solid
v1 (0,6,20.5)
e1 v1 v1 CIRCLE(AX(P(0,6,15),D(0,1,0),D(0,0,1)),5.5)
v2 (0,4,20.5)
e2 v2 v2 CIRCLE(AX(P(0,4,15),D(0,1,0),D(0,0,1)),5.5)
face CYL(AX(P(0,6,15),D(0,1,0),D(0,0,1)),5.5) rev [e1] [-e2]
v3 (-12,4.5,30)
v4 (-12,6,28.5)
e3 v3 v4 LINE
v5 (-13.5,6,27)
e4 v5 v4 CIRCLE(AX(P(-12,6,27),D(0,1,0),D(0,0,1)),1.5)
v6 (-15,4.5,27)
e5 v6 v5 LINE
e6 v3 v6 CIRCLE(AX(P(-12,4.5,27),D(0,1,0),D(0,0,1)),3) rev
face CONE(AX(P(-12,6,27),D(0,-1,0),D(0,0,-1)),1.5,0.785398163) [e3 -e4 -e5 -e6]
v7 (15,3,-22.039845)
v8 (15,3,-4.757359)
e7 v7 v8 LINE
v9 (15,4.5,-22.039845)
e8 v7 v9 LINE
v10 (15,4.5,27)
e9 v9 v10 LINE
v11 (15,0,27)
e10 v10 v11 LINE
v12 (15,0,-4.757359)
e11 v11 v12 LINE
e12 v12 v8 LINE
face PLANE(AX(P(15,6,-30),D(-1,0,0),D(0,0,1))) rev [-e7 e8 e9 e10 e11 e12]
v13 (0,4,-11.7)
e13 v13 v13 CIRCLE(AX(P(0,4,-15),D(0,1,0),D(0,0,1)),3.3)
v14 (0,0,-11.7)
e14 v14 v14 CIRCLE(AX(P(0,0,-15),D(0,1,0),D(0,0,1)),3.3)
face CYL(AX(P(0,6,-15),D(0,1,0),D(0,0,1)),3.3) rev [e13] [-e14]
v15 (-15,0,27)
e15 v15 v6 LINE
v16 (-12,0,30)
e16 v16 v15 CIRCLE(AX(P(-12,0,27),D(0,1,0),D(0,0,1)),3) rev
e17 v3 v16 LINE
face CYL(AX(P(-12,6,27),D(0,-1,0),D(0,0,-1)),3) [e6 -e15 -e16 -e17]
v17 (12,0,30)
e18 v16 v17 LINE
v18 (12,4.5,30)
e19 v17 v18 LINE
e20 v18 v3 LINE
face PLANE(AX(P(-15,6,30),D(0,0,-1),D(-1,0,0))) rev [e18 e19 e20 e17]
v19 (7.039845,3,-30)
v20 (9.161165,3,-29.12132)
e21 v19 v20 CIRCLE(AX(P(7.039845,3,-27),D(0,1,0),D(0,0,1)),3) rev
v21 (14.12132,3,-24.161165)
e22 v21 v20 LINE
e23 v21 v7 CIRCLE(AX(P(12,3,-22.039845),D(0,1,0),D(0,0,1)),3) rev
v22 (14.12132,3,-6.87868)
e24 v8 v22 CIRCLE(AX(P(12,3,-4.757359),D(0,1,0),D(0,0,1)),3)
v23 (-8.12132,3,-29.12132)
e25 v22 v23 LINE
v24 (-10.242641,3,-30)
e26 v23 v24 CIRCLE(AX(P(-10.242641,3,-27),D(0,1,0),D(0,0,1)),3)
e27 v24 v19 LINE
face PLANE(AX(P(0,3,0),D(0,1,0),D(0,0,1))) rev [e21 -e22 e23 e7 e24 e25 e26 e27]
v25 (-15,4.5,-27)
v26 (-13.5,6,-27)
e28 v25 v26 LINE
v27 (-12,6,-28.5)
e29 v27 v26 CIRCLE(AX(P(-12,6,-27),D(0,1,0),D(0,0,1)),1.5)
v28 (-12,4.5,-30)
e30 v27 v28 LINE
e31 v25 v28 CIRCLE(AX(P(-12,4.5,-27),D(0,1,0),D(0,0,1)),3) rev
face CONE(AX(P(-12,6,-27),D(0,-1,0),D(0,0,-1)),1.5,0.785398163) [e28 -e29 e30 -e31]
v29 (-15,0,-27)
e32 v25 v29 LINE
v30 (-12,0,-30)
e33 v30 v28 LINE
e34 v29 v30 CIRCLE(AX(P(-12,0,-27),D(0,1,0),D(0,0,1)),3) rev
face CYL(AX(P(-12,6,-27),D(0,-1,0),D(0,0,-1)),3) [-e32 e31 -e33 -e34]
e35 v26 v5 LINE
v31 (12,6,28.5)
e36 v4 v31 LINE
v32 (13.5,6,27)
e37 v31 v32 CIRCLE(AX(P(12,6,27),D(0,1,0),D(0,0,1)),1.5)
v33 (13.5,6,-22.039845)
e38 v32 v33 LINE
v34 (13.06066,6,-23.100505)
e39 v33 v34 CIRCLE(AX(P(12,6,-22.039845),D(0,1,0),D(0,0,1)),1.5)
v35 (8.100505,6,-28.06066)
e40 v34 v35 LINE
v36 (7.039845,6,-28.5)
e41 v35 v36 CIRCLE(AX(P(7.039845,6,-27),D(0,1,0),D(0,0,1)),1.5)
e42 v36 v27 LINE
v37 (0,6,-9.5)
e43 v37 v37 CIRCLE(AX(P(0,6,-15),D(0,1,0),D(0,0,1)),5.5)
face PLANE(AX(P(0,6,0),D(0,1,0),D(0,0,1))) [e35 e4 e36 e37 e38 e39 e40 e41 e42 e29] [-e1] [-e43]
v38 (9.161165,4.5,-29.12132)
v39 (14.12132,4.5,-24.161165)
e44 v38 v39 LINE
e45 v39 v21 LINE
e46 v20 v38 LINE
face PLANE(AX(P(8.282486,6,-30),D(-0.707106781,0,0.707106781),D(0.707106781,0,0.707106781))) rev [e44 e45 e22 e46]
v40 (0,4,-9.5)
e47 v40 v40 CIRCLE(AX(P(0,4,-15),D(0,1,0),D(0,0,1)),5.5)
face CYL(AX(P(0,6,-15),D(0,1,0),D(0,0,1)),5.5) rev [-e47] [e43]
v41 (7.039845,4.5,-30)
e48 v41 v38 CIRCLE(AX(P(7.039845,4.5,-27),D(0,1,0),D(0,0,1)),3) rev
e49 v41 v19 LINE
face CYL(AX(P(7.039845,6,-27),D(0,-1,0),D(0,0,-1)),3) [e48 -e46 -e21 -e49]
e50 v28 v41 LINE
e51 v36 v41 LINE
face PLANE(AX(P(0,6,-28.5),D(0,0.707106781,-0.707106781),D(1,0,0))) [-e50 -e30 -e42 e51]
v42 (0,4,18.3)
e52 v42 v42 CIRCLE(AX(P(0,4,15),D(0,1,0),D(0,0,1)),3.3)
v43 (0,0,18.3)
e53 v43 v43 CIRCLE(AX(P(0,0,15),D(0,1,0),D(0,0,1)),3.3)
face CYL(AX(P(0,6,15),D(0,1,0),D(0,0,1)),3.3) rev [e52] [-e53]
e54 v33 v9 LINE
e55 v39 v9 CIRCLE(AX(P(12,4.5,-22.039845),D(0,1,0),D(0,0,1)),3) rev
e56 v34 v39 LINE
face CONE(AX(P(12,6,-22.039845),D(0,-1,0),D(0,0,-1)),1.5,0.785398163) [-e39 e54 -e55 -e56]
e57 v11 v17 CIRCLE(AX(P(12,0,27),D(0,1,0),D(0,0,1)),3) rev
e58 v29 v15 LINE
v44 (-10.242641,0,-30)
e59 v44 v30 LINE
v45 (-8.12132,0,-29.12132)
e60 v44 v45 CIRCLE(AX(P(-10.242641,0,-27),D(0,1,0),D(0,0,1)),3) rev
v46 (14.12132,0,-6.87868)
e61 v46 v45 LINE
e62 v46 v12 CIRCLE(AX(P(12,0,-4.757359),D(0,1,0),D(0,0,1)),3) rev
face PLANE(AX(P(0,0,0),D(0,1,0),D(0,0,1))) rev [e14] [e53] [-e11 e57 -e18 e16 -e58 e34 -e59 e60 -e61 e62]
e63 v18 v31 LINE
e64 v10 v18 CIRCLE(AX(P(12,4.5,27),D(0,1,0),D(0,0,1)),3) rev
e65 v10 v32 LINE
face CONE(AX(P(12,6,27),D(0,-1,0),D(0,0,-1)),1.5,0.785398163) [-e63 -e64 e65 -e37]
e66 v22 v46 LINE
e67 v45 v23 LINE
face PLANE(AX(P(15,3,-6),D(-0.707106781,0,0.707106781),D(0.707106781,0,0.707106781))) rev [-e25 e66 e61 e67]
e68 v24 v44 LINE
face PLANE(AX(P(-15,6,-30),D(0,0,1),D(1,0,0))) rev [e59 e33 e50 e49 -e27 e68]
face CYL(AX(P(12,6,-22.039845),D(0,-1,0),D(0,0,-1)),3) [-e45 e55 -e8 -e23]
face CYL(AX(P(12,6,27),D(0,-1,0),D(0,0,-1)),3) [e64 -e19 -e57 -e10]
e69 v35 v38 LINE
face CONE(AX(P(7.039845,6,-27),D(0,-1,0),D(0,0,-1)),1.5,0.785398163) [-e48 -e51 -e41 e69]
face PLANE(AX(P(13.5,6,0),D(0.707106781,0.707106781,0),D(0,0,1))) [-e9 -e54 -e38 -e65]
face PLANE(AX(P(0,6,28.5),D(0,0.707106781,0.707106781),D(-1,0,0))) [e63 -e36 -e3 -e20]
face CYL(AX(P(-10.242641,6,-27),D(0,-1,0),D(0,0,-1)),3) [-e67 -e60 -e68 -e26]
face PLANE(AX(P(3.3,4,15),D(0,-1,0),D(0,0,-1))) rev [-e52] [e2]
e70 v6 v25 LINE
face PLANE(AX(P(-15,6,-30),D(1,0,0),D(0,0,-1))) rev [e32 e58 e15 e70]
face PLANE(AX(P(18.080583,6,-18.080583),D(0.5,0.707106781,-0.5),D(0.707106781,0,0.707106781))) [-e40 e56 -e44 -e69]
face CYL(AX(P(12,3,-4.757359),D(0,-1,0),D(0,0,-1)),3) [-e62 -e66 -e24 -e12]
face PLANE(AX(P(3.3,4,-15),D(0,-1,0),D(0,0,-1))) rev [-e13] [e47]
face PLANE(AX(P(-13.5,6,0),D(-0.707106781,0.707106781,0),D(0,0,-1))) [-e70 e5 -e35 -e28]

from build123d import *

# Parameters (mm, degrees)
SKETCH1_W                                           = 30
SKETCH1_H                                           = 60
BOSS_EXTRUDE1_DEPTH                                 = 6
CUT_EXTRUDE1_DEPTH                                  = 3
CUT_EXTRUDE2_DEPTH                                  = 34.674916481
FILLET1_R                                           = 3
CHAMFER1_SIZE                                       = 1.5
CBORE_FOR_M6_HEX_SOCKET_HEAD_CAP_SCREW1_D           = 6.6
CBORE_FOR_M6_HEX_SOCKET_HEAD_CAP_SCREW1_CBORE_D     = 11
CBORE_FOR_M6_HEX_SOCKET_HEAD_CAP_SCREW1_CBORE_DEPTH = 2


with BuildPart() as part:
    # Sketch1 → Boss-Extrude1 (new body)
    with BuildSketch(Plane(origin=(0, 0, 0), x_dir=(1, 0, 0), z_dir=(0, 1, 0))):
        Rectangle(SKETCH1_W, SKETCH1_H)
    extrude(amount=BOSS_EXTRUDE1_DEPTH)

    # Sketch2 → Cut-Extrude1 (cut)
    with BuildSketch(Plane.XZ):
        Polygon((15, -6), (-9, -30), (15, -30), align=None)
    extrude(amount=-CUT_EXTRUDE1_DEPTH, mode=Mode.SUBTRACT)

    # Sketch3 → Cut-Extrude2 (cut, through all)
    with BuildSketch(Plane.XZ.offset(-3)):
        Polygon((15, -23.282485579), (15, -30), (8.282485579, -30), align=None)
    extrude(amount=-CUT_EXTRUDE2_DEPTH, mode=Mode.SUBTRACT)

    # Fillet1
    fillet1_edges = [part.edges().sort_by_distance(p)[0] for p in [
        (15, 1.5, -6),
        (-9, 1.5, -30),
        (8.282485579, 4.5, -30),
        (15, 4.5, -23.282485579),
        (15, 3, 30),
        (-15, 3, 30),
        (-15, 3, -30),
    ]]
    fillet(fillet1_edges, radius=FILLET1_R)

    # Chamfer1
    chamfer1_edges = [part.edges().sort_by_distance(p)[0] for p in [
        (15, 6, 2.480077554),
        (-2.480077554, 6, -30),
        (0, 6, 30),
        (-15, 6, 0),
        (11.641242789, 6, -26.641242789),
        (14.121320344, 6, 29.121320344),
        (14.771638598, 6, -23.187895189),
        (8.187895189, 6, -29.771638598),
        (-14.121320344, 6, -29.121320344),
        (-14.121320344, 6, 29.121320344),
    ]]
    chamfer(chamfer1_edges, length=CHAMFER1_SIZE)

    # CBORE for M6 Hex Socket Head Cap Screw1 (through all)
    with Locations(Plane(origin=(0, 6, 0), x_dir=(1, 0, 0), z_dir=(0, 1, 0))):
        with Locations((0, -15), (0, 15)):
            CounterBoreHole(CBORE_FOR_M6_HEX_SOCKET_HEAD_CAP_SCREW1_D / 2, CBORE_FOR_M6_HEX_SOCKET_HEAD_CAP_SCREW1_CBORE_D / 2, CBORE_FOR_M6_HEX_SOCKET_HEAD_CAP_SCREW1_CBORE_DEPTH)


solid = part.part
